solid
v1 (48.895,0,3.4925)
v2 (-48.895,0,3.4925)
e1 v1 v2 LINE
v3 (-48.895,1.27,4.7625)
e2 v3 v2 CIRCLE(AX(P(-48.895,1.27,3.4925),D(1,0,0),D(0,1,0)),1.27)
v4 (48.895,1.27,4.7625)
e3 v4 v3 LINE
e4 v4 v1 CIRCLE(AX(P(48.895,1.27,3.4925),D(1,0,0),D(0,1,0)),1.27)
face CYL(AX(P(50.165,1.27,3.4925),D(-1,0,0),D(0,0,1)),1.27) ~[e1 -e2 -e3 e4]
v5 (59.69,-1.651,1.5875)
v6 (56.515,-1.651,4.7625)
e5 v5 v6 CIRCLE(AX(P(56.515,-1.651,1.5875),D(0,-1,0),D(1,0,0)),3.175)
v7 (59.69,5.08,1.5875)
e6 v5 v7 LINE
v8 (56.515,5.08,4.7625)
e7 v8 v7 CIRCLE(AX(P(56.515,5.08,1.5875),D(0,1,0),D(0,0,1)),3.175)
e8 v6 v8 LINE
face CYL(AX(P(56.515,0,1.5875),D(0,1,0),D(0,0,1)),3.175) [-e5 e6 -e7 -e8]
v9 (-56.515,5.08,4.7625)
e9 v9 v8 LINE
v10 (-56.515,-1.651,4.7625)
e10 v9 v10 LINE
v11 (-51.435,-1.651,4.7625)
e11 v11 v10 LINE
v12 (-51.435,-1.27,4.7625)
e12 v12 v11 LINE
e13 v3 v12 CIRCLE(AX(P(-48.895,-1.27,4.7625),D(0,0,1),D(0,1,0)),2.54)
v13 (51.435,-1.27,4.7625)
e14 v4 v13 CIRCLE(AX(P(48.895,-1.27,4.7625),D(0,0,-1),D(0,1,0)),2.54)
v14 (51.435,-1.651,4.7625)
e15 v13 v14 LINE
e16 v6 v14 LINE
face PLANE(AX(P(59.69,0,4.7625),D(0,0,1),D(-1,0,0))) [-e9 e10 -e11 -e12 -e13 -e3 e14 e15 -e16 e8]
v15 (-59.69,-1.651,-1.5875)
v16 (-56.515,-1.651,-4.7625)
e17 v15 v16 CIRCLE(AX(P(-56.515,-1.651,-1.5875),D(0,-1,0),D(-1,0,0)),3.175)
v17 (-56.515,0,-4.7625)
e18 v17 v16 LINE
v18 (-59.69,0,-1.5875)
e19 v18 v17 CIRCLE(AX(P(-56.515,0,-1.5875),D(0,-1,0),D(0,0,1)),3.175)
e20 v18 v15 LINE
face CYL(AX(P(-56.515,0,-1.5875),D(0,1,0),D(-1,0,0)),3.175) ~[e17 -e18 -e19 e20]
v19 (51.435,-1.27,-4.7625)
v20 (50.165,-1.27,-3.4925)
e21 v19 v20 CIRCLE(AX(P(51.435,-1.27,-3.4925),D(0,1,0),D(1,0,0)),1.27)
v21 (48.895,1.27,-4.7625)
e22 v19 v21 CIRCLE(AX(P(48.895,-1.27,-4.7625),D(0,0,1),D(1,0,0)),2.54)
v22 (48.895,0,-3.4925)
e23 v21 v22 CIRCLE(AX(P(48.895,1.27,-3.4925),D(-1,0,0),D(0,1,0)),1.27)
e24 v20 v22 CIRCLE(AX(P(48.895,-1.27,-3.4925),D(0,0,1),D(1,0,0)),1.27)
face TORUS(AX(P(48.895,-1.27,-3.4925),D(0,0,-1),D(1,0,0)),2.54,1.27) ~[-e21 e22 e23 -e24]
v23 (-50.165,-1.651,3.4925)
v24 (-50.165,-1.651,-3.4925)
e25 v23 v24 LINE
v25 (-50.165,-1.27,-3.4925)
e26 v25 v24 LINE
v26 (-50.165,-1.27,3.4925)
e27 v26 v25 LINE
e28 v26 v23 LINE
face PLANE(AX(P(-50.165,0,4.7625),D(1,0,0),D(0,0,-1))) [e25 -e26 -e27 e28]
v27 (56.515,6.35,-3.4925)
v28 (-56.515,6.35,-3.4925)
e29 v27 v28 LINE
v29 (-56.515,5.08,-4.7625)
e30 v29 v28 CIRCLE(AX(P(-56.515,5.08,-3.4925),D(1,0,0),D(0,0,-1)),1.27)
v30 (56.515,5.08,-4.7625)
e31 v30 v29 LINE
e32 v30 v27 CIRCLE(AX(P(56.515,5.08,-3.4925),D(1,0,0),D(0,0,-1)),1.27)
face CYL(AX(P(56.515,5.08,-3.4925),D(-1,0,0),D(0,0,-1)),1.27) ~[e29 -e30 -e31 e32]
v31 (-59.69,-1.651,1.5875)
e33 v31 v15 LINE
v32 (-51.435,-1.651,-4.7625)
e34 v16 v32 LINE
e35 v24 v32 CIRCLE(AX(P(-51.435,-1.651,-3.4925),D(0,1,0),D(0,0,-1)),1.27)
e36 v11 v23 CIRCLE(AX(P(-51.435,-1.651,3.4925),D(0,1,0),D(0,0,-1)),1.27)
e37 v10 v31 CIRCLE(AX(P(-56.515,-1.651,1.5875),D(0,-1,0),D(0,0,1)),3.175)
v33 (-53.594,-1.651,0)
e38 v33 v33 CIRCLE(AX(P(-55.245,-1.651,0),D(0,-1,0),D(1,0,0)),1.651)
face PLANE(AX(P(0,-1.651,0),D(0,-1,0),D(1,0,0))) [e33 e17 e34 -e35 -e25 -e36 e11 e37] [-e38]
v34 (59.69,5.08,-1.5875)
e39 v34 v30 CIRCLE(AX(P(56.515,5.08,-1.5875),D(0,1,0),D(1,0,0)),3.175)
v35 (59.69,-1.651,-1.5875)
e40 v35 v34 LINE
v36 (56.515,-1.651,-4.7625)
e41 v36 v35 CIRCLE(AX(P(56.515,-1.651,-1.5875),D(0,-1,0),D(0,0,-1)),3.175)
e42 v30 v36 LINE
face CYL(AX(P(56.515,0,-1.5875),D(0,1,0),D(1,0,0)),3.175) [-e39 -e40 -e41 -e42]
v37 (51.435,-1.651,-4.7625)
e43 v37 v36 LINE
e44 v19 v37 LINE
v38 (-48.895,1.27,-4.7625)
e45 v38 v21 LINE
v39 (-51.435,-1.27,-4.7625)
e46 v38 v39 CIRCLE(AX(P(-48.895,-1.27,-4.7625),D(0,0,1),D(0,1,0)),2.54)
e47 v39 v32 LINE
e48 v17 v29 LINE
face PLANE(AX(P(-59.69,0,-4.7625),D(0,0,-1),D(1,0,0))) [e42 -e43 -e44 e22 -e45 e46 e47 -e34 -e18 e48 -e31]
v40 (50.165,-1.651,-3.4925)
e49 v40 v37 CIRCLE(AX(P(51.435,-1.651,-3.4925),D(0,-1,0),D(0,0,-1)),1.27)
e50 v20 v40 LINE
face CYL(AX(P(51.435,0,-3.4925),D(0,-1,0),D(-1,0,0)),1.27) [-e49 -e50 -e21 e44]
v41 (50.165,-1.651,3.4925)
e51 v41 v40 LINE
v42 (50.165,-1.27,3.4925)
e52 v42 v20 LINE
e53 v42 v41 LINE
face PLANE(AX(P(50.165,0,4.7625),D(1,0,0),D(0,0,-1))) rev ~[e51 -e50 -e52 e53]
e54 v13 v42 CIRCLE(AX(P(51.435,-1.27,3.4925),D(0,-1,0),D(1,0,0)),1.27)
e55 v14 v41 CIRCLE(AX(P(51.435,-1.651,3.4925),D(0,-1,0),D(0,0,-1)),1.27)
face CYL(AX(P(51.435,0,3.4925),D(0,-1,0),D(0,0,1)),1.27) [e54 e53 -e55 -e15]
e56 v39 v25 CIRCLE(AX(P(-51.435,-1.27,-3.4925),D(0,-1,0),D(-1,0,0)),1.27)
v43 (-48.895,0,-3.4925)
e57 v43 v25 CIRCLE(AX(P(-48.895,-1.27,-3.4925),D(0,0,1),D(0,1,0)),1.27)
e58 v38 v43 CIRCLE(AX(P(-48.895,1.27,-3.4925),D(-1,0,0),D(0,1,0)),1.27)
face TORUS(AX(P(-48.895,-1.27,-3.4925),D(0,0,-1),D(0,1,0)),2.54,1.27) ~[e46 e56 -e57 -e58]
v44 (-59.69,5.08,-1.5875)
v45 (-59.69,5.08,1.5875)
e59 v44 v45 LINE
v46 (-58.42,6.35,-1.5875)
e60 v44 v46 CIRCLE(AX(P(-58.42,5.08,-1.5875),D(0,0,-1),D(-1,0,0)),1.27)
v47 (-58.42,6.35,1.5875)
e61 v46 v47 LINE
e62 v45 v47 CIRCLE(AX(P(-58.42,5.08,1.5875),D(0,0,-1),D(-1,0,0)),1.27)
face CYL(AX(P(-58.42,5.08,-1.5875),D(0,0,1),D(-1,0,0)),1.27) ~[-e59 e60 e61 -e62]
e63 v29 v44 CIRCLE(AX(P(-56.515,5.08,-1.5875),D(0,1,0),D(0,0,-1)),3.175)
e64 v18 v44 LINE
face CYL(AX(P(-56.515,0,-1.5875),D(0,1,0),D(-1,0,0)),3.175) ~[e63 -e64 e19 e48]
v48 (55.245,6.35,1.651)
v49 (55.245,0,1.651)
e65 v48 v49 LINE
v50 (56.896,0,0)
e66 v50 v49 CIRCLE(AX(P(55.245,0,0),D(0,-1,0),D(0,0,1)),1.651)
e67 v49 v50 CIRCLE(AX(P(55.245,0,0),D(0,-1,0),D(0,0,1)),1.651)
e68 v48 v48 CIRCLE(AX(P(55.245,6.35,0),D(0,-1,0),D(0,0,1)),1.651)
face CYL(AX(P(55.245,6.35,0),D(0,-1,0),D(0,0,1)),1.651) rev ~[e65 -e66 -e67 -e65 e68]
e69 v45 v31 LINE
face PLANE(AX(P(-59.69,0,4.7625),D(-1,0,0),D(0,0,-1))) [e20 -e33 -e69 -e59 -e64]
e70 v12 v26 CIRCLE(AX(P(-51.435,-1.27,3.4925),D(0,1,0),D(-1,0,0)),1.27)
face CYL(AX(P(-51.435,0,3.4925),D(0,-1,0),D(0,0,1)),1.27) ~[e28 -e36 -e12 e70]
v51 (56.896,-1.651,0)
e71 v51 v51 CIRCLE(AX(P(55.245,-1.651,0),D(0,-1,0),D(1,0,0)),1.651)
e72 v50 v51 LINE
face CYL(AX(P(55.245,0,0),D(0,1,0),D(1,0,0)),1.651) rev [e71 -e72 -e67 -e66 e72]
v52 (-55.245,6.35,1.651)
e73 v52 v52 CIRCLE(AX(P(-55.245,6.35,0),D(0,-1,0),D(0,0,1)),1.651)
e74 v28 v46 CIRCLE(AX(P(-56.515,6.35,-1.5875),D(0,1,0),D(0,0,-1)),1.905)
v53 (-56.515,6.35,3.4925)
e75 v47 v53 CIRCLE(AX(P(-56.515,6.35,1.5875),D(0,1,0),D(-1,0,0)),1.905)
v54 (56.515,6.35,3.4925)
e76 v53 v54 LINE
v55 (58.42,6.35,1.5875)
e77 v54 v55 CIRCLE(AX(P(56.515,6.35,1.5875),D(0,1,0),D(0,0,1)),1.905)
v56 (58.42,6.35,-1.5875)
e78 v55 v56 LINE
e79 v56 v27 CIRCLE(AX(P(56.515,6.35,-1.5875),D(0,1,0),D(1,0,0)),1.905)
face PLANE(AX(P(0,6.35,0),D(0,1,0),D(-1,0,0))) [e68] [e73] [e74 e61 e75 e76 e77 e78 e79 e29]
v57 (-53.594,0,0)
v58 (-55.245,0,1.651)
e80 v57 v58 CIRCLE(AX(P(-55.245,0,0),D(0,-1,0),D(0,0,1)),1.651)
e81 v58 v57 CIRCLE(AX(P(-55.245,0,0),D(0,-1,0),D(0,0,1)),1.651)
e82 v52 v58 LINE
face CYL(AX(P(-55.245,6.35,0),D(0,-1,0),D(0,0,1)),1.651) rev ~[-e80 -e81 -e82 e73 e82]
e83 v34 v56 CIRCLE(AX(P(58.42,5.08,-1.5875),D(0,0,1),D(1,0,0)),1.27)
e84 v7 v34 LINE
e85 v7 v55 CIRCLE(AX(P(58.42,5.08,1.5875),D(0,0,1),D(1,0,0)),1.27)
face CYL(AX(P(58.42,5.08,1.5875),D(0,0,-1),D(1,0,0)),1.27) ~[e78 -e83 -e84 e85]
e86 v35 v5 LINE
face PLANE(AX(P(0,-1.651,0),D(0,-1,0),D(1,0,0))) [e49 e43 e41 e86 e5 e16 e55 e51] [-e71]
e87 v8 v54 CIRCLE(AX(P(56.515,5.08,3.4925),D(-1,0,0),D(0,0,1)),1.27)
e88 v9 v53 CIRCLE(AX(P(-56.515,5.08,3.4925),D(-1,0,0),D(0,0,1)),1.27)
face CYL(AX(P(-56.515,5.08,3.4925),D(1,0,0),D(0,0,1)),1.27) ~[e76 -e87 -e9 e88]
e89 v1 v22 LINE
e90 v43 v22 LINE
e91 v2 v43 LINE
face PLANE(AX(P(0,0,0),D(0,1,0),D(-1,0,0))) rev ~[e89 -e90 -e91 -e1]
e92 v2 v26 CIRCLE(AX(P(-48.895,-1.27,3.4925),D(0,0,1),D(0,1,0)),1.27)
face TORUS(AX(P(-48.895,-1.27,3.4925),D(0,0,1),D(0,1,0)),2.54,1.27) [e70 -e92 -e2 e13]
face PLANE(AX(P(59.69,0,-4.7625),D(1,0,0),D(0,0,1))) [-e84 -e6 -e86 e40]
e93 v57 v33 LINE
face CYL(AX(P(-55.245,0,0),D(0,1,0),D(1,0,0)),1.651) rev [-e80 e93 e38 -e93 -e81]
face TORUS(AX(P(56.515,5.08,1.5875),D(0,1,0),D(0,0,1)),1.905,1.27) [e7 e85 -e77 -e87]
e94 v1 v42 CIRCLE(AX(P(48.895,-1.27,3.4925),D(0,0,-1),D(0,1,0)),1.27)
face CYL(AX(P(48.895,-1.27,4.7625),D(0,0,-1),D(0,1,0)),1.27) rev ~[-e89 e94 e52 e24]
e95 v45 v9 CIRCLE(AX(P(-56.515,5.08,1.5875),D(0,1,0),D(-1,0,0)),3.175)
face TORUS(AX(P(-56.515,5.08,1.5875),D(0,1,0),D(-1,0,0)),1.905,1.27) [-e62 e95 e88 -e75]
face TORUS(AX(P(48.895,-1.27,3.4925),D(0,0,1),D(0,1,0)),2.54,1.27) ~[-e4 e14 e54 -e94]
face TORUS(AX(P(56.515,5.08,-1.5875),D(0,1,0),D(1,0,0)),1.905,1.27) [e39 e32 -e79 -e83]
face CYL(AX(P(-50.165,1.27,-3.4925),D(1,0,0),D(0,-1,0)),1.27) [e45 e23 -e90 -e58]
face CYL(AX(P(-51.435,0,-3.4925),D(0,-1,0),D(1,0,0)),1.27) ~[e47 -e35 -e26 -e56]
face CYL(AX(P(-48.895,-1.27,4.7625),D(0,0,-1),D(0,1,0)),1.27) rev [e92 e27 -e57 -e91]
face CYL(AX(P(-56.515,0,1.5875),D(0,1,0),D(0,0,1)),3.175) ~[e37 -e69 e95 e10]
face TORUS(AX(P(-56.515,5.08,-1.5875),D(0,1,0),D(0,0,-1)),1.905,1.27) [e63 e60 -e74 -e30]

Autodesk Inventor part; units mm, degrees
ref_plane "YZ Plane" through (0, 0, 0) normal (1, 0, 0) x (0, 1, 0)
ref_plane "XZ Plane" through (0, 0, 0) normal (0, 1, 0) x (-1, 0, 0)
ref_plane "XY Plane" through (0, 0, 0) normal (0, 0, 1) x (1, 0, 0)
sketch "Sketch1" plane through (0, 0, 0) normal (0, 1, 0) x (-1, 0, 0)
  line L0 (-59.69, 4.7625) -> (59.69, 4.7625)
  line L1 (59.69, 4.7625) -> (59.69, -4.7625)
  line L2 (59.69, -4.7625) -> (-59.69, -4.7625)
  line L3 (-59.69, -4.7625) -> (-59.69, 4.7625)
  point P0 (0, 0)
  point P1 (0, 4.7625)
  point P2 (-59.69, 0)
  dimension "d0" = 119.38
  dimension "d1" = 9.525
extrude "Extrusion1" add sketch "Sketch1" along normal blind 6.35
sketch "Sketch2" plane through (0, 6.35, 0) normal (0, 1, 0) x (1, 0, 0)
  point P0 (0, 0)
  point P1 (-55.245, 0)
  point P2 (55.245, 0)
  dimension "d4" = 55.245
  dimension "d5" = 55.245
hole "Hole1" at (-55.245, 6.35, 0) at (55.245, 6.35, 0) direction (0, -1, 0) diameter 3.302 depth 25.4 tip angle 118
fillet "Fillet1" radius 3.175 4 edges at (-59.69, 3.175, 4.7625) (-59.69, 3.175, -4.7625) (59.69, 3.175, 4.7625) (59.69, 3.175, -4.7625)
fillet "Fillet2" radius 1.27 8 edges at (58.7601, 6.35, 3.8326) (59.69, 6.35, 0) (58.7601, 6.35, -3.8326) (0, 6.35, -4.7625) (-58.7601, 6.35, -3.8326) (-59.69, 6.35, 0) (-58.7601, 6.35, 3.8326) (0, 6.35, 4.7625)
sketch "Sketch3" plane through (0, 0, 0) normal (0, -1, 0) x (1, 0, 0)
  arc A0 (56.515, -4.7625) -> (59.69, -1.5875) centre (56.515, -1.5875) ccw projected
  line L0 (59.69, -1.5875) -> (59.69, 1.5875) projected
  arc A1 (59.69, 1.5875) -> (56.515, 4.7625) centre (56.515, 1.5875) ccw projected
  line L1 (56.515, 4.7625) -> (-56.515, 4.7625) projected
  arc A2 (-56.515, 4.7625) -> (-59.69, 1.5875) centre (-56.515, 1.5875) ccw projected
  line L2 (-59.69, 1.5875) -> (-59.69, -1.5875) projected
  arc A3 (-59.69, -1.5875) -> (-56.515, -4.7625) centre (-56.515, -1.5875) ccw projected
  line L3 (-56.515, -4.7625) -> (56.515, -4.7625) projected
  circle A4 centre (-55.245, 0) radius 1.651 projected
  circle A5 centre (55.245, 0) radius 1.651 projected
  line L4 (-50.165, 4.7625) -> (-50.165, -4.7625)
  line L5 (50.165, 4.7625) -> (50.165, -4.7625)
  point P0 (0, 0)
  dimension "d15" = 9.525
  dimension "d16" = 9.525
extrude "Extrusion2" add sketch "Sketch3" along normal blind 1.651 contours L3 L5 L1 A1 L0 A0 | L3 A3 L2 A2 L1 L4
fillet "Fillet3" radius 1.27 8 edges at (0, 0, 4.7625) (-50.165, -0.8255, 4.7625) (-50.165, -0.8255, -4.7625) (-50.165, 0, 0) (0, 0, -4.7625) (50.165, -0.8255, 4.7625) (50.165, 0, 0) (50.165, -0.8255, -4.7625)
properties part number "BatteryHolderTopStrap"
